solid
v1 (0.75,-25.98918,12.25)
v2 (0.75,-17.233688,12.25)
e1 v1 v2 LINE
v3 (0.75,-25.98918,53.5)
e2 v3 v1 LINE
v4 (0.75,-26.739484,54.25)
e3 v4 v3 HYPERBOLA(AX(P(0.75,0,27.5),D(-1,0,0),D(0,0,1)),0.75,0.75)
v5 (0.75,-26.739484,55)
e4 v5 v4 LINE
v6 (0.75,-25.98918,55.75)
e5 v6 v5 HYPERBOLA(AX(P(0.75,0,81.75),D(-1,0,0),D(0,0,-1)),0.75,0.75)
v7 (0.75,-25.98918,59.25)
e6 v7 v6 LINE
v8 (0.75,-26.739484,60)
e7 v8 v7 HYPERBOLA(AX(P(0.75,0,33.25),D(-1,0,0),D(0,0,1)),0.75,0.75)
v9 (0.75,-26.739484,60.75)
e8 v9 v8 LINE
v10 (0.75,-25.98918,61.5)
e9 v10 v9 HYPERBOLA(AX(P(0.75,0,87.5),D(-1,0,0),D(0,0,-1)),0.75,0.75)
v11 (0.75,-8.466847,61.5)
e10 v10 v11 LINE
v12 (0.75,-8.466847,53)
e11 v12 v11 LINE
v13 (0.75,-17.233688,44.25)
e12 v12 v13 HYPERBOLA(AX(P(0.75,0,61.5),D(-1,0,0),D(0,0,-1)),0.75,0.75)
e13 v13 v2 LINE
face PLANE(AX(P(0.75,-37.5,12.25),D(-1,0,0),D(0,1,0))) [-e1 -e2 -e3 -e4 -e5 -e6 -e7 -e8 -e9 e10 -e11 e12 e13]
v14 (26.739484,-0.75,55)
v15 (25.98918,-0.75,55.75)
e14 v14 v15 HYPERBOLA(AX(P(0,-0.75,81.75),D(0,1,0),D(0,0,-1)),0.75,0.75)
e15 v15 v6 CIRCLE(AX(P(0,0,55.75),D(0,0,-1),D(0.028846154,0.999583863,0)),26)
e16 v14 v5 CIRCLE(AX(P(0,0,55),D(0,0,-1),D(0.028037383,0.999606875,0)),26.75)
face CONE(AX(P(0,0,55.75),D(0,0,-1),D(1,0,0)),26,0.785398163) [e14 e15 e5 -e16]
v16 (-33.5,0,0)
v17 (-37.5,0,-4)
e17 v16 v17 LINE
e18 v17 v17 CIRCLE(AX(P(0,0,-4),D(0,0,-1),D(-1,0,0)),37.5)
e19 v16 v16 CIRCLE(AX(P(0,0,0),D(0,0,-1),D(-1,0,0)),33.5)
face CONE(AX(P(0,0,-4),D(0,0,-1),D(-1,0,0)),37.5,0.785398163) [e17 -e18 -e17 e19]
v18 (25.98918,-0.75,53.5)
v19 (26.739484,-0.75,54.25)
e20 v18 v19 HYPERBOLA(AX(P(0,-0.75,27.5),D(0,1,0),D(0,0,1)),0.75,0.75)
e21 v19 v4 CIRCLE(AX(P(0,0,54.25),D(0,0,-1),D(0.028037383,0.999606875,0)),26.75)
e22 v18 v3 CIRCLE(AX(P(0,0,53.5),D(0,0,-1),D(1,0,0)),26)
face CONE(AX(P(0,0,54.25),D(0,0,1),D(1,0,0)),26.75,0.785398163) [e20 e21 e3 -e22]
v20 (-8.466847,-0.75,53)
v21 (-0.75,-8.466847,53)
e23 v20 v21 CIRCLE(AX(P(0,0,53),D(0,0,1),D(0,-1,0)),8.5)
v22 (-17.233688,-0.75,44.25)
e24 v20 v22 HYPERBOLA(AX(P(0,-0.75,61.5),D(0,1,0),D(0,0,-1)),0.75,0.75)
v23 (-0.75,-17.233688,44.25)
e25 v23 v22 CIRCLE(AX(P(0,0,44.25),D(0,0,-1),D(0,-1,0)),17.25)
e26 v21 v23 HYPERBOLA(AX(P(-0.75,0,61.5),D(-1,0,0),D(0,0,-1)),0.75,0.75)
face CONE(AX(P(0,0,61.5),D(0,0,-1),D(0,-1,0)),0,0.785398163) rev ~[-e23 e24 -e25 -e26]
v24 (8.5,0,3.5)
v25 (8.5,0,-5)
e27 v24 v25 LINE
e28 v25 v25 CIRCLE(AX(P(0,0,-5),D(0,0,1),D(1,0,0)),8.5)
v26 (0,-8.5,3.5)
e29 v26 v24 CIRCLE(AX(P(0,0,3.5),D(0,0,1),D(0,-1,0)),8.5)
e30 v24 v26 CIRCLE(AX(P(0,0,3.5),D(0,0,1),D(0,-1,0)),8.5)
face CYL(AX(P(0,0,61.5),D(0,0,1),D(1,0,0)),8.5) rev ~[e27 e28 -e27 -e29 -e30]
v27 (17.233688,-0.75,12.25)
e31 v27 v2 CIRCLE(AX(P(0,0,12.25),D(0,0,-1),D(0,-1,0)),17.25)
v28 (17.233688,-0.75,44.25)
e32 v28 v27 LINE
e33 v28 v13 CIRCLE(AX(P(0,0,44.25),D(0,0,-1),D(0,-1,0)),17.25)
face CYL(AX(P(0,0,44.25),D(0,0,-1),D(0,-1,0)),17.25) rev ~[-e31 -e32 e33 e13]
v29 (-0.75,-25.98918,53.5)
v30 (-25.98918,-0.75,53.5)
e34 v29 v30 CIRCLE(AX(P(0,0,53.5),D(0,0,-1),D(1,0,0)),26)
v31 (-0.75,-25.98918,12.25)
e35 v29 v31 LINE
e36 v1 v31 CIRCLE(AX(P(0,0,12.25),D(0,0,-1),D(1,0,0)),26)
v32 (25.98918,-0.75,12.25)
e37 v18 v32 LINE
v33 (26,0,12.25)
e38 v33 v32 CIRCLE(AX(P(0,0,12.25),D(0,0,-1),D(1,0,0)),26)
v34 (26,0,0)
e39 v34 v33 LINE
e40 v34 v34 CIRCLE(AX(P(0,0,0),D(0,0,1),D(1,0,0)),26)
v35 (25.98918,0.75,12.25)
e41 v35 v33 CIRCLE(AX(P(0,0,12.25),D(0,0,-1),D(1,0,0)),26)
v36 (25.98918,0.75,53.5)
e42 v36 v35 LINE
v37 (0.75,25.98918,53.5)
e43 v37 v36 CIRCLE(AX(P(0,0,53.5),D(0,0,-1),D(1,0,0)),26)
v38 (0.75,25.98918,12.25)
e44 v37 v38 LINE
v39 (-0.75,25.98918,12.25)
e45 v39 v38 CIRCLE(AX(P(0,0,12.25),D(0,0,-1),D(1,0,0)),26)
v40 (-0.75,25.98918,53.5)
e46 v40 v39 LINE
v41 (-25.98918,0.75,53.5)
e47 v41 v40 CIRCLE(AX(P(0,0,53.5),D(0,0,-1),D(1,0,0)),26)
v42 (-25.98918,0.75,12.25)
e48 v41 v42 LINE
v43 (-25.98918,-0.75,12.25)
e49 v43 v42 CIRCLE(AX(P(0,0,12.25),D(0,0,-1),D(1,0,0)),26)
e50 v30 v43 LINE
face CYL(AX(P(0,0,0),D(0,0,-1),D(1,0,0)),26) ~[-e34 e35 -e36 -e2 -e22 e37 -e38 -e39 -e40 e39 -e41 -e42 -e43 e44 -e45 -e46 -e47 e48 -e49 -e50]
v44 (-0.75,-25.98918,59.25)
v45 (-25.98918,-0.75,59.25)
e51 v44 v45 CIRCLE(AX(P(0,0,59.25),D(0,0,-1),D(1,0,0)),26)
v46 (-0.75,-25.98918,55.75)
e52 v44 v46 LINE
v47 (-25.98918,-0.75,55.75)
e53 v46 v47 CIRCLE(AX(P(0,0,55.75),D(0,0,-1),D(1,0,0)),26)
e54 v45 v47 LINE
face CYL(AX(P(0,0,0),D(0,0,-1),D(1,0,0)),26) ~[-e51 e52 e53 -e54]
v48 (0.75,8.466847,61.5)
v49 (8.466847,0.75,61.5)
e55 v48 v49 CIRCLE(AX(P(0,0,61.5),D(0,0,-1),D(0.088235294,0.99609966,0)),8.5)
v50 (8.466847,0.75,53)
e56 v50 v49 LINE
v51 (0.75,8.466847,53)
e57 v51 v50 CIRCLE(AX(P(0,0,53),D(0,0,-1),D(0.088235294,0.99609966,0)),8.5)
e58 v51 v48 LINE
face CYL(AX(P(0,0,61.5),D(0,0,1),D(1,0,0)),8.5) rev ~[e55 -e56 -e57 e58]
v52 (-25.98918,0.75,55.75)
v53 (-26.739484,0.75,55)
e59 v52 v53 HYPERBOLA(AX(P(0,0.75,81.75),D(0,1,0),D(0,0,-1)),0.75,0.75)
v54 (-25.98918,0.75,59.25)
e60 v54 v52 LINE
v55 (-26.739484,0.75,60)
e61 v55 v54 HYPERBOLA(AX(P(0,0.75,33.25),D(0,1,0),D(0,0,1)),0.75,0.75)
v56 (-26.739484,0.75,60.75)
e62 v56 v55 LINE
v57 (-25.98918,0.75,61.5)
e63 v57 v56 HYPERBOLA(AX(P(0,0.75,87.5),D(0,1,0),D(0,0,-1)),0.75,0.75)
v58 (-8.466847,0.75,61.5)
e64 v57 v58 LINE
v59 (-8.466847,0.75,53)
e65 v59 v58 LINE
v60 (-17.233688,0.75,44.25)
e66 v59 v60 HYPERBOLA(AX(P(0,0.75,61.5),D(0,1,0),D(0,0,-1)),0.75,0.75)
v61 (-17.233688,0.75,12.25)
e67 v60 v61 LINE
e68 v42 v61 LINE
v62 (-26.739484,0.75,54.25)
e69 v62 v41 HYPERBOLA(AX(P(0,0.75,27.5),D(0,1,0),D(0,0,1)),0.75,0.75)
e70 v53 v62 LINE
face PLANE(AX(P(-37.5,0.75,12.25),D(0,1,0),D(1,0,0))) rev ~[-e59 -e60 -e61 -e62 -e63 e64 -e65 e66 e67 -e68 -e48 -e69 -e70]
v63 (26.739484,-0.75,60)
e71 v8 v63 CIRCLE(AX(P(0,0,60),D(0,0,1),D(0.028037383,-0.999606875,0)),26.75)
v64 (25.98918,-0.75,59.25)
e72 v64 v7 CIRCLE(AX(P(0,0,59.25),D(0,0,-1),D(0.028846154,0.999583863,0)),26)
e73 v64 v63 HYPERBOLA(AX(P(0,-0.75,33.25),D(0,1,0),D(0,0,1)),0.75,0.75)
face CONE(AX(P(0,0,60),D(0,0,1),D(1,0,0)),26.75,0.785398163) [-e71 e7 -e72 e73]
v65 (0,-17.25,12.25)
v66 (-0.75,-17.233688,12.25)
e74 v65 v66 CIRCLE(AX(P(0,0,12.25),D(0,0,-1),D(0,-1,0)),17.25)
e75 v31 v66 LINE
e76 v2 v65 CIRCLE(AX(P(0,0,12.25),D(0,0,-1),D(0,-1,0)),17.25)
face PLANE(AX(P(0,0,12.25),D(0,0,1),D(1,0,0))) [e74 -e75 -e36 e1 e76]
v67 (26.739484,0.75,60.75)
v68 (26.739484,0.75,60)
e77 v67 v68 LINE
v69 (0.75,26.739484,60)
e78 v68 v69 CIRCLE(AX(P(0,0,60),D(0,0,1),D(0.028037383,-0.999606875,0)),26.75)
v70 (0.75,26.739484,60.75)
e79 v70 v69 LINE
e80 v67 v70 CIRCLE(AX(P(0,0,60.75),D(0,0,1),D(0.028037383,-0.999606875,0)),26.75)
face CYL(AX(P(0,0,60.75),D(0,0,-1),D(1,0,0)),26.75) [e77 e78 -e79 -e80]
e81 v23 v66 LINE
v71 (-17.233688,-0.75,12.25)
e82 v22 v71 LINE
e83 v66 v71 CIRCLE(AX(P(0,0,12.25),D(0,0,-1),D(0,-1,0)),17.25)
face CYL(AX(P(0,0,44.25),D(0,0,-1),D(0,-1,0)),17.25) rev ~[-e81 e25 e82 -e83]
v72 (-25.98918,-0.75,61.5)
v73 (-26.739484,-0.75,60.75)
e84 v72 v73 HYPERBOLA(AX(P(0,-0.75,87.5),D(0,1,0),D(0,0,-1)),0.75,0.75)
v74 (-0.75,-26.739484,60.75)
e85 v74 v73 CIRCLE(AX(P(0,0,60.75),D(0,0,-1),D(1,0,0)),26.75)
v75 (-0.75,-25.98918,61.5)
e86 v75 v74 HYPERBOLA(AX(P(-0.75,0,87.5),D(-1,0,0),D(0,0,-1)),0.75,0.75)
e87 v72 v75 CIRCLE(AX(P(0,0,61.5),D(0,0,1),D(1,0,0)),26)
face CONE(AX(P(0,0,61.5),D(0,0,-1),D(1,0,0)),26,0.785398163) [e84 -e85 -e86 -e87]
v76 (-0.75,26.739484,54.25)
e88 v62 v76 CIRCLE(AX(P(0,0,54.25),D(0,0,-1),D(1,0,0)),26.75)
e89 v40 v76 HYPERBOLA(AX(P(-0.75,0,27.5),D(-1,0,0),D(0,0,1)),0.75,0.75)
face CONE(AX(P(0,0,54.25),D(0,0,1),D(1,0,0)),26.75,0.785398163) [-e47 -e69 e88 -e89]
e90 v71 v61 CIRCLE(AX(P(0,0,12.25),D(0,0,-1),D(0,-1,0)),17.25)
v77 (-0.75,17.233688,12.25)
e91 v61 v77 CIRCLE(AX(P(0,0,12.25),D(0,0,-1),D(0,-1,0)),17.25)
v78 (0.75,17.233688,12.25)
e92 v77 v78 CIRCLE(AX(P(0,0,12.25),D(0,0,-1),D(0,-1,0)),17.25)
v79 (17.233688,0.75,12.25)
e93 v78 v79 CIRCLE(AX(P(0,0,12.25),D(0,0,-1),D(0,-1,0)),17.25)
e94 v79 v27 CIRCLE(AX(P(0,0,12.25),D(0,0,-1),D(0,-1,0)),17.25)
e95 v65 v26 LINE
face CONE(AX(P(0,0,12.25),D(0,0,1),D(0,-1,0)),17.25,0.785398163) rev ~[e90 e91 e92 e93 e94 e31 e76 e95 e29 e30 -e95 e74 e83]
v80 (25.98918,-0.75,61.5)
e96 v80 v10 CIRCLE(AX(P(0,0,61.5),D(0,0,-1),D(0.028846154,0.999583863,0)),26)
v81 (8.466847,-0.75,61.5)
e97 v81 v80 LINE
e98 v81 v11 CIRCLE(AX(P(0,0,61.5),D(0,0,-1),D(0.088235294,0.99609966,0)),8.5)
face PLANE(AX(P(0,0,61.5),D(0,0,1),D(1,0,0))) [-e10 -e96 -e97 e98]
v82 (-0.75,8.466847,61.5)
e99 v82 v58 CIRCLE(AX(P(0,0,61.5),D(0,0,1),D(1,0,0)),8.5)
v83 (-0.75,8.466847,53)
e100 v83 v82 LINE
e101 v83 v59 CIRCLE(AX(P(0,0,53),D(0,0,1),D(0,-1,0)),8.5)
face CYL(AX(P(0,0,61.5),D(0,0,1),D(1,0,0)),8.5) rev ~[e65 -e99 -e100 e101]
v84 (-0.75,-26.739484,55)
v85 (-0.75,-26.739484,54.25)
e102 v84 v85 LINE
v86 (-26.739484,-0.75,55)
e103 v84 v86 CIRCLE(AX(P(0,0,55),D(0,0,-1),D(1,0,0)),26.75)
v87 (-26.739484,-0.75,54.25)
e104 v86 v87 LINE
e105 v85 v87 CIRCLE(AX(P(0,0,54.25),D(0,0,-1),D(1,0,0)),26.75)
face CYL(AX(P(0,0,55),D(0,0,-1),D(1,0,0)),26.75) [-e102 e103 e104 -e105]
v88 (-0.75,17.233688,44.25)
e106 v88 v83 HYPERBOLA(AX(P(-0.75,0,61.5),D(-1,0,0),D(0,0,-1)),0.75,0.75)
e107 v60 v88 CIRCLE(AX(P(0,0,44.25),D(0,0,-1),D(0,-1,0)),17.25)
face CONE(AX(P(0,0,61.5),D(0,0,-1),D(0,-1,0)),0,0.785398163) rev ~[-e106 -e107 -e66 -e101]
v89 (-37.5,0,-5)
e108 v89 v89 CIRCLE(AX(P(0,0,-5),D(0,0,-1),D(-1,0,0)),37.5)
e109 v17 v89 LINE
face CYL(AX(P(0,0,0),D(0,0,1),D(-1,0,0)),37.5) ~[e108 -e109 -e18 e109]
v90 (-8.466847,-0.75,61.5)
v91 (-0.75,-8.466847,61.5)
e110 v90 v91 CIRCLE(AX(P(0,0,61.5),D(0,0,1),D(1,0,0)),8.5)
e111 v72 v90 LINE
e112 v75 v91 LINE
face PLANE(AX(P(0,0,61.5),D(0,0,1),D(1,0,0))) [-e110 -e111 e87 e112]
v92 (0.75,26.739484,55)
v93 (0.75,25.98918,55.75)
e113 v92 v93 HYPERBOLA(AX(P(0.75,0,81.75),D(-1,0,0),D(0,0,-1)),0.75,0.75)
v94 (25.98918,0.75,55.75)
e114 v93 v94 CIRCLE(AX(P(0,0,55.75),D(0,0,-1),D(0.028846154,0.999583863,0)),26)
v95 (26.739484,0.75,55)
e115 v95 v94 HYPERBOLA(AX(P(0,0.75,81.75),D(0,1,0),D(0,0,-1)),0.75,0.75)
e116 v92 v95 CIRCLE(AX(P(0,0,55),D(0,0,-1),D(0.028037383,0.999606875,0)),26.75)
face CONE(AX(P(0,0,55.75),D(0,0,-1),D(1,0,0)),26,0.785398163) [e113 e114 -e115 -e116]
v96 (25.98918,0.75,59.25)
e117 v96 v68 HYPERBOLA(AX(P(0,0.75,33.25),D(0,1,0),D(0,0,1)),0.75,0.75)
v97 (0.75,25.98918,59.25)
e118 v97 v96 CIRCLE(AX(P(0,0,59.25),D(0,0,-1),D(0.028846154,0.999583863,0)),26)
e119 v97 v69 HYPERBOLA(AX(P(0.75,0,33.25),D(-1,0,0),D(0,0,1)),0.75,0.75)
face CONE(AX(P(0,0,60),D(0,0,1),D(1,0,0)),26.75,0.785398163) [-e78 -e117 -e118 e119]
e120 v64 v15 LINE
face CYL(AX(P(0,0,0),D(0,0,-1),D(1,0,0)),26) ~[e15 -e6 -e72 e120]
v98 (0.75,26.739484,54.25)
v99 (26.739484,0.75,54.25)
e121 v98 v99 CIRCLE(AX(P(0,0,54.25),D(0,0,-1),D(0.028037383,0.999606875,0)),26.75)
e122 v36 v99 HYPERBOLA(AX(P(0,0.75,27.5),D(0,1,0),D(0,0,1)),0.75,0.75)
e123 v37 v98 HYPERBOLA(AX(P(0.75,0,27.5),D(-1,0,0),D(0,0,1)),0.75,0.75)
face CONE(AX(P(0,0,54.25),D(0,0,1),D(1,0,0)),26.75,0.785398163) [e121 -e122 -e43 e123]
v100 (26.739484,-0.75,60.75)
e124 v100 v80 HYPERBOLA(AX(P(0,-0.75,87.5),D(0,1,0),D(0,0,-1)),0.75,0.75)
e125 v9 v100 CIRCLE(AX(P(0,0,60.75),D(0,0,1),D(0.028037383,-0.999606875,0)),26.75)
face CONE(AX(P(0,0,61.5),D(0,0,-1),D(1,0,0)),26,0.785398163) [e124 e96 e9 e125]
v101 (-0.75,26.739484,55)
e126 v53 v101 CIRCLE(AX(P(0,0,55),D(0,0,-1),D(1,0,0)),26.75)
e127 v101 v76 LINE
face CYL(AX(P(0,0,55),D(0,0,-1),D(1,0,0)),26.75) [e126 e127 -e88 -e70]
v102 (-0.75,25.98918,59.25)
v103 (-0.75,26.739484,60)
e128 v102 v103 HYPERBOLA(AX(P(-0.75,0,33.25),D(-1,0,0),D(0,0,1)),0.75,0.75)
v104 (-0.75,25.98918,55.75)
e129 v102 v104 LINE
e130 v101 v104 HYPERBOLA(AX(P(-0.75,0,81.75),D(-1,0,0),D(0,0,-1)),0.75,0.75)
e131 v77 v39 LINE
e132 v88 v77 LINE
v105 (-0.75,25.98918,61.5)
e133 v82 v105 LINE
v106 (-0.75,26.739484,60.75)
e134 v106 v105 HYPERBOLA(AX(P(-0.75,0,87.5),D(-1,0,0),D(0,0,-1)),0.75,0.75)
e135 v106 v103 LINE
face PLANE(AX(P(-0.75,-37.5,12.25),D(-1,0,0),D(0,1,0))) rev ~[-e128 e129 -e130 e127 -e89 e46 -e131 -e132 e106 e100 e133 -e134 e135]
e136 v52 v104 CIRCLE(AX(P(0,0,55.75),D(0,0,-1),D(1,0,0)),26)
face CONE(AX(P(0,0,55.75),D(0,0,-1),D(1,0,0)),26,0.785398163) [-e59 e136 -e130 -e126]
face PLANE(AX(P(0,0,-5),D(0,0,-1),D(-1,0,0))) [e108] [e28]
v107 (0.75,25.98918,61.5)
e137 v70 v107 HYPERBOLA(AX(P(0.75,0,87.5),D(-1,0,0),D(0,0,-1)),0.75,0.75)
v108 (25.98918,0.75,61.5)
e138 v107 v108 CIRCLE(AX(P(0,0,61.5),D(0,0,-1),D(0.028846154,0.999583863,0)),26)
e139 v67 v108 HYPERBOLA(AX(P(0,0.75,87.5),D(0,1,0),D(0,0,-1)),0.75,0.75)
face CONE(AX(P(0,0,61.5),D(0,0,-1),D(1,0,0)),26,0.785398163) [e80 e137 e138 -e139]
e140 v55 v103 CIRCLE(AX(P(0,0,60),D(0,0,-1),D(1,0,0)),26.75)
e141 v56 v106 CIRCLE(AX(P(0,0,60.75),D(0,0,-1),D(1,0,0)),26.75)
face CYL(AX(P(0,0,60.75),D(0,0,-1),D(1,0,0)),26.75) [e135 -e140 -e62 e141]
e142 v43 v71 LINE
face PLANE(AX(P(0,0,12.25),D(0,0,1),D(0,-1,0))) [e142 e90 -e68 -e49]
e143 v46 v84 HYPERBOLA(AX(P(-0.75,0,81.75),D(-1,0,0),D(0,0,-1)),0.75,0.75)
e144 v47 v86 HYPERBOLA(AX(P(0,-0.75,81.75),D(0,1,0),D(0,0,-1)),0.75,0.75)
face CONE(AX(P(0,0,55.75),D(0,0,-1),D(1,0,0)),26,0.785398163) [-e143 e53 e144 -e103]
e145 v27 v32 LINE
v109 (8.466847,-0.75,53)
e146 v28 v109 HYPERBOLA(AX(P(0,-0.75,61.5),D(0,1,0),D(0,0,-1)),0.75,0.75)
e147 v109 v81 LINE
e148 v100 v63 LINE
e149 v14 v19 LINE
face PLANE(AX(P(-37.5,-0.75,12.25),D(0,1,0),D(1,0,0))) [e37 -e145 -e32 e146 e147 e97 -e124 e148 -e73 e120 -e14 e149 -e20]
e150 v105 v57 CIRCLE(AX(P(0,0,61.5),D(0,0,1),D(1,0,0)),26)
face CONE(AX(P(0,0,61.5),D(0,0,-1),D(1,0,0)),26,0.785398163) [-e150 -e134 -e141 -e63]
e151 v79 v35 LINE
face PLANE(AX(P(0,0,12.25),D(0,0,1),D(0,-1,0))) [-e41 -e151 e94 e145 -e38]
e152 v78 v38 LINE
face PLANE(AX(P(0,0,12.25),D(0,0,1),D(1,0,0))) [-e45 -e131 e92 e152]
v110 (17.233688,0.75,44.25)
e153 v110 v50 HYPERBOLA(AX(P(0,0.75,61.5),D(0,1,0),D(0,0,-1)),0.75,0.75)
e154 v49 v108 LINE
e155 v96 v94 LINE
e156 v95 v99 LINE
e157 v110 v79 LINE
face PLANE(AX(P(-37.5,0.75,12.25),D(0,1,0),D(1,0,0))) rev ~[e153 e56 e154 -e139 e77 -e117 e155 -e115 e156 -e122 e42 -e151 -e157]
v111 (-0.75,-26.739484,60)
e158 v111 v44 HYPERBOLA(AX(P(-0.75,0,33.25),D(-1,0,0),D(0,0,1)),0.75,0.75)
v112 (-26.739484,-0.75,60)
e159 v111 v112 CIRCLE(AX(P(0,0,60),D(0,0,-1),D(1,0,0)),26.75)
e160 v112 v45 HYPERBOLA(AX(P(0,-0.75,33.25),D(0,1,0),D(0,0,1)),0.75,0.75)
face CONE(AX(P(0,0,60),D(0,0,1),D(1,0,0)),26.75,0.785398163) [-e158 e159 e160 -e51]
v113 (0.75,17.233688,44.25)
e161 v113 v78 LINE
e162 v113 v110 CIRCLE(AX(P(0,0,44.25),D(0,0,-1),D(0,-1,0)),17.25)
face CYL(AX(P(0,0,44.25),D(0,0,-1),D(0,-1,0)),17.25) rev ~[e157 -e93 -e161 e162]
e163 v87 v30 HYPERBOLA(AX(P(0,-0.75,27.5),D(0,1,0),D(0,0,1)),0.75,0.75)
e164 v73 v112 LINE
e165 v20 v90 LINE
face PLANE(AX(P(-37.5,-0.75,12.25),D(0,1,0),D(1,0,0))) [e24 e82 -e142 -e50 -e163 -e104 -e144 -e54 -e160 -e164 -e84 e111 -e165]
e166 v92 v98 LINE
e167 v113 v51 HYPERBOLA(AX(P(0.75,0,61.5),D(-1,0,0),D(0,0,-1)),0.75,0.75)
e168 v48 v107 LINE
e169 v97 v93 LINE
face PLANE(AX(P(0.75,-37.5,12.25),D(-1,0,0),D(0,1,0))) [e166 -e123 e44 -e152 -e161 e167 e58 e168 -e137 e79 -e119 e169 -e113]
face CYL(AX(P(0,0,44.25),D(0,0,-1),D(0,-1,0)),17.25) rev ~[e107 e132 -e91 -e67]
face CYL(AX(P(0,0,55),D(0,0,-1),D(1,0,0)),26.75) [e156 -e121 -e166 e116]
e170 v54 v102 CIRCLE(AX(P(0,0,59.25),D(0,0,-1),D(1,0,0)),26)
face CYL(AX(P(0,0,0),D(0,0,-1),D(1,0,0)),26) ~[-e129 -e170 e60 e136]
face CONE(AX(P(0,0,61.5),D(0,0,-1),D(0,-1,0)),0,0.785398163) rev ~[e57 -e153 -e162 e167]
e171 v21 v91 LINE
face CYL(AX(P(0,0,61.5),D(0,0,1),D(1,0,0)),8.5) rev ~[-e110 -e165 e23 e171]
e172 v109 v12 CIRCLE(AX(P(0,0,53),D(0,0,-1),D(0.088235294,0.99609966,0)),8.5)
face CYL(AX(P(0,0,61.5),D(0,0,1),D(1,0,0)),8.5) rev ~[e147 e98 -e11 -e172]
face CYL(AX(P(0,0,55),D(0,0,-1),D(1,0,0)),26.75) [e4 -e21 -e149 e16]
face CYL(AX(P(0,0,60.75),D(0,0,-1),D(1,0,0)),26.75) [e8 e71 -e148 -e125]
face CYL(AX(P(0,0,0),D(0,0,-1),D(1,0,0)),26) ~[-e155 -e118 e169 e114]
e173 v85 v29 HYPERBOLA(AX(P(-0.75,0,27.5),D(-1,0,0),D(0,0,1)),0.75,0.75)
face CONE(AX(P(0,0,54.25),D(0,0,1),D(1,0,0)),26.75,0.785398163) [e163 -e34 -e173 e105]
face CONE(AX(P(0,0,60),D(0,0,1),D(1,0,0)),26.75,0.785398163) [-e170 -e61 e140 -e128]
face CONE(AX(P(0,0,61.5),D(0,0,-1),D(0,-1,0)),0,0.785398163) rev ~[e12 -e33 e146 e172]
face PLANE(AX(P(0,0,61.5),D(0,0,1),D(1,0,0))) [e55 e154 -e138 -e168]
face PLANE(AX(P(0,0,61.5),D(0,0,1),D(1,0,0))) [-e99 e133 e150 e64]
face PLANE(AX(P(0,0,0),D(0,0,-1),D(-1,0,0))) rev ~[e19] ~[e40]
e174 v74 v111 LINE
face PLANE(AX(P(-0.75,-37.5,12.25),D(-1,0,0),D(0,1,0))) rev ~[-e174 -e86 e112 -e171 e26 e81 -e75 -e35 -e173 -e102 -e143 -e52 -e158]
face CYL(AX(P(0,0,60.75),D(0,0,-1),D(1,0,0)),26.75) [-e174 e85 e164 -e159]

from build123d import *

# Parameters (mm, degrees)
AXLE_BASE_SKETCH_R        = 26
AXLE_DEPTH                = 61.5
GUARD_BASE_R              = 37.5
GUARD_DEPTH               = 5
INNER_AXLE_HOLE_BASE_R    = 8.5
INNER_AXLE_HOLE_DEPTH     = 67.5
BEND_START                = -49.25
BEND_ROOM_BASE_W          = 1.5
BEND_ROOM_BASE_H          = 75
BEND_ROOM_1_DEPTH         = 49.25
BEND_ROOM_2_COUNT         = 2
BEND_ROOM_2_ANGLE         = 90
EASY_REMOVAL_CHAMFER_SIZE = 4


with BuildPart() as part:
    # Axle base sketch → Axle (new body)
    with BuildSketch(Plane.XY):
        Circle(AXLE_BASE_SKETCH_R)
    extrude(amount=AXLE_DEPTH)

    # Guard base → Guard (add)
    with BuildSketch(Plane(origin=(0, 0, 0), x_dir=(-1, 0, 0), z_dir=(0, 0, -1))):
        Circle(GUARD_BASE_R)
    extrude(amount=GUARD_DEPTH)

    # Inner axle hole base → Inner axle hole (cut, through all)
    with BuildSketch(Plane.XY.offset(61.5)):
        Circle(INNER_AXLE_HOLE_BASE_R)
    extrude(amount=-INNER_AXLE_HOLE_DEPTH, mode=Mode.SUBTRACT)

    # Mate ring base → Mate rings (revolve)
    with BuildSketch(Plane(origin=(0, 0, 0), x_dir=(1, 0, 0), z_dir=(0, 1, 0))):
        Polygon((26, -61.5), (26.75, -60.75), (26.75, -60), (26, -59.25), align=None)
        Polygon((26, -55.75), (26.75, -55), (26.75, -54.25), (26, -53.5), align=None)
    revolve(axis=Axis((0, 0, 0), (0, 0, -1)))

    # Inner mass remove base → Inner mass remove (revolve, cut)
    with BuildSketch(Plane(origin=(0, 0, 0), x_dir=(0, 0, -1), z_dir=(1, 0, 0))):
        Polygon((-61.5, 0), (-44.25, -17.25), (-12.25, -17.25), (5, 0), align=None)
    revolve(axis=Axis((0, 0, 0), (0, 0, -1)), mode=Mode.SUBTRACT)

    # Bend room base → Bend room 1 (cut)
    with BuildSketch(Plane.XY.offset(61.5).offset(BEND_START)):
        Rectangle(BEND_ROOM_BASE_W, BEND_ROOM_BASE_H)
    bend_room_1 = extrude(amount=BEND_ROOM_1_DEPTH, mode=Mode.SUBTRACT)

    # Bend room 2: Bend room 1 ×2 about axis
    bend_room_2_axis = Axis((0, 0, 0), (0, 0, -1))
    for i in range(1, BEND_ROOM_2_COUNT):
        add(bend_room_1.rotate(bend_room_2_axis, i * BEND_ROOM_2_ANGLE / (BEND_ROOM_2_COUNT - 1)), mode=Mode.SUBTRACT)

    # Easy removal chamfer
    easy_removal_chamfer_edges = [part.edges().sort_by_distance(p)[0] for p in [
        (37.5, 0, 0),
    ]]
    chamfer(easy_removal_chamfer_edges, length=EASY_REMOVAL_CHAMFER_SIZE)


solid = part.part
